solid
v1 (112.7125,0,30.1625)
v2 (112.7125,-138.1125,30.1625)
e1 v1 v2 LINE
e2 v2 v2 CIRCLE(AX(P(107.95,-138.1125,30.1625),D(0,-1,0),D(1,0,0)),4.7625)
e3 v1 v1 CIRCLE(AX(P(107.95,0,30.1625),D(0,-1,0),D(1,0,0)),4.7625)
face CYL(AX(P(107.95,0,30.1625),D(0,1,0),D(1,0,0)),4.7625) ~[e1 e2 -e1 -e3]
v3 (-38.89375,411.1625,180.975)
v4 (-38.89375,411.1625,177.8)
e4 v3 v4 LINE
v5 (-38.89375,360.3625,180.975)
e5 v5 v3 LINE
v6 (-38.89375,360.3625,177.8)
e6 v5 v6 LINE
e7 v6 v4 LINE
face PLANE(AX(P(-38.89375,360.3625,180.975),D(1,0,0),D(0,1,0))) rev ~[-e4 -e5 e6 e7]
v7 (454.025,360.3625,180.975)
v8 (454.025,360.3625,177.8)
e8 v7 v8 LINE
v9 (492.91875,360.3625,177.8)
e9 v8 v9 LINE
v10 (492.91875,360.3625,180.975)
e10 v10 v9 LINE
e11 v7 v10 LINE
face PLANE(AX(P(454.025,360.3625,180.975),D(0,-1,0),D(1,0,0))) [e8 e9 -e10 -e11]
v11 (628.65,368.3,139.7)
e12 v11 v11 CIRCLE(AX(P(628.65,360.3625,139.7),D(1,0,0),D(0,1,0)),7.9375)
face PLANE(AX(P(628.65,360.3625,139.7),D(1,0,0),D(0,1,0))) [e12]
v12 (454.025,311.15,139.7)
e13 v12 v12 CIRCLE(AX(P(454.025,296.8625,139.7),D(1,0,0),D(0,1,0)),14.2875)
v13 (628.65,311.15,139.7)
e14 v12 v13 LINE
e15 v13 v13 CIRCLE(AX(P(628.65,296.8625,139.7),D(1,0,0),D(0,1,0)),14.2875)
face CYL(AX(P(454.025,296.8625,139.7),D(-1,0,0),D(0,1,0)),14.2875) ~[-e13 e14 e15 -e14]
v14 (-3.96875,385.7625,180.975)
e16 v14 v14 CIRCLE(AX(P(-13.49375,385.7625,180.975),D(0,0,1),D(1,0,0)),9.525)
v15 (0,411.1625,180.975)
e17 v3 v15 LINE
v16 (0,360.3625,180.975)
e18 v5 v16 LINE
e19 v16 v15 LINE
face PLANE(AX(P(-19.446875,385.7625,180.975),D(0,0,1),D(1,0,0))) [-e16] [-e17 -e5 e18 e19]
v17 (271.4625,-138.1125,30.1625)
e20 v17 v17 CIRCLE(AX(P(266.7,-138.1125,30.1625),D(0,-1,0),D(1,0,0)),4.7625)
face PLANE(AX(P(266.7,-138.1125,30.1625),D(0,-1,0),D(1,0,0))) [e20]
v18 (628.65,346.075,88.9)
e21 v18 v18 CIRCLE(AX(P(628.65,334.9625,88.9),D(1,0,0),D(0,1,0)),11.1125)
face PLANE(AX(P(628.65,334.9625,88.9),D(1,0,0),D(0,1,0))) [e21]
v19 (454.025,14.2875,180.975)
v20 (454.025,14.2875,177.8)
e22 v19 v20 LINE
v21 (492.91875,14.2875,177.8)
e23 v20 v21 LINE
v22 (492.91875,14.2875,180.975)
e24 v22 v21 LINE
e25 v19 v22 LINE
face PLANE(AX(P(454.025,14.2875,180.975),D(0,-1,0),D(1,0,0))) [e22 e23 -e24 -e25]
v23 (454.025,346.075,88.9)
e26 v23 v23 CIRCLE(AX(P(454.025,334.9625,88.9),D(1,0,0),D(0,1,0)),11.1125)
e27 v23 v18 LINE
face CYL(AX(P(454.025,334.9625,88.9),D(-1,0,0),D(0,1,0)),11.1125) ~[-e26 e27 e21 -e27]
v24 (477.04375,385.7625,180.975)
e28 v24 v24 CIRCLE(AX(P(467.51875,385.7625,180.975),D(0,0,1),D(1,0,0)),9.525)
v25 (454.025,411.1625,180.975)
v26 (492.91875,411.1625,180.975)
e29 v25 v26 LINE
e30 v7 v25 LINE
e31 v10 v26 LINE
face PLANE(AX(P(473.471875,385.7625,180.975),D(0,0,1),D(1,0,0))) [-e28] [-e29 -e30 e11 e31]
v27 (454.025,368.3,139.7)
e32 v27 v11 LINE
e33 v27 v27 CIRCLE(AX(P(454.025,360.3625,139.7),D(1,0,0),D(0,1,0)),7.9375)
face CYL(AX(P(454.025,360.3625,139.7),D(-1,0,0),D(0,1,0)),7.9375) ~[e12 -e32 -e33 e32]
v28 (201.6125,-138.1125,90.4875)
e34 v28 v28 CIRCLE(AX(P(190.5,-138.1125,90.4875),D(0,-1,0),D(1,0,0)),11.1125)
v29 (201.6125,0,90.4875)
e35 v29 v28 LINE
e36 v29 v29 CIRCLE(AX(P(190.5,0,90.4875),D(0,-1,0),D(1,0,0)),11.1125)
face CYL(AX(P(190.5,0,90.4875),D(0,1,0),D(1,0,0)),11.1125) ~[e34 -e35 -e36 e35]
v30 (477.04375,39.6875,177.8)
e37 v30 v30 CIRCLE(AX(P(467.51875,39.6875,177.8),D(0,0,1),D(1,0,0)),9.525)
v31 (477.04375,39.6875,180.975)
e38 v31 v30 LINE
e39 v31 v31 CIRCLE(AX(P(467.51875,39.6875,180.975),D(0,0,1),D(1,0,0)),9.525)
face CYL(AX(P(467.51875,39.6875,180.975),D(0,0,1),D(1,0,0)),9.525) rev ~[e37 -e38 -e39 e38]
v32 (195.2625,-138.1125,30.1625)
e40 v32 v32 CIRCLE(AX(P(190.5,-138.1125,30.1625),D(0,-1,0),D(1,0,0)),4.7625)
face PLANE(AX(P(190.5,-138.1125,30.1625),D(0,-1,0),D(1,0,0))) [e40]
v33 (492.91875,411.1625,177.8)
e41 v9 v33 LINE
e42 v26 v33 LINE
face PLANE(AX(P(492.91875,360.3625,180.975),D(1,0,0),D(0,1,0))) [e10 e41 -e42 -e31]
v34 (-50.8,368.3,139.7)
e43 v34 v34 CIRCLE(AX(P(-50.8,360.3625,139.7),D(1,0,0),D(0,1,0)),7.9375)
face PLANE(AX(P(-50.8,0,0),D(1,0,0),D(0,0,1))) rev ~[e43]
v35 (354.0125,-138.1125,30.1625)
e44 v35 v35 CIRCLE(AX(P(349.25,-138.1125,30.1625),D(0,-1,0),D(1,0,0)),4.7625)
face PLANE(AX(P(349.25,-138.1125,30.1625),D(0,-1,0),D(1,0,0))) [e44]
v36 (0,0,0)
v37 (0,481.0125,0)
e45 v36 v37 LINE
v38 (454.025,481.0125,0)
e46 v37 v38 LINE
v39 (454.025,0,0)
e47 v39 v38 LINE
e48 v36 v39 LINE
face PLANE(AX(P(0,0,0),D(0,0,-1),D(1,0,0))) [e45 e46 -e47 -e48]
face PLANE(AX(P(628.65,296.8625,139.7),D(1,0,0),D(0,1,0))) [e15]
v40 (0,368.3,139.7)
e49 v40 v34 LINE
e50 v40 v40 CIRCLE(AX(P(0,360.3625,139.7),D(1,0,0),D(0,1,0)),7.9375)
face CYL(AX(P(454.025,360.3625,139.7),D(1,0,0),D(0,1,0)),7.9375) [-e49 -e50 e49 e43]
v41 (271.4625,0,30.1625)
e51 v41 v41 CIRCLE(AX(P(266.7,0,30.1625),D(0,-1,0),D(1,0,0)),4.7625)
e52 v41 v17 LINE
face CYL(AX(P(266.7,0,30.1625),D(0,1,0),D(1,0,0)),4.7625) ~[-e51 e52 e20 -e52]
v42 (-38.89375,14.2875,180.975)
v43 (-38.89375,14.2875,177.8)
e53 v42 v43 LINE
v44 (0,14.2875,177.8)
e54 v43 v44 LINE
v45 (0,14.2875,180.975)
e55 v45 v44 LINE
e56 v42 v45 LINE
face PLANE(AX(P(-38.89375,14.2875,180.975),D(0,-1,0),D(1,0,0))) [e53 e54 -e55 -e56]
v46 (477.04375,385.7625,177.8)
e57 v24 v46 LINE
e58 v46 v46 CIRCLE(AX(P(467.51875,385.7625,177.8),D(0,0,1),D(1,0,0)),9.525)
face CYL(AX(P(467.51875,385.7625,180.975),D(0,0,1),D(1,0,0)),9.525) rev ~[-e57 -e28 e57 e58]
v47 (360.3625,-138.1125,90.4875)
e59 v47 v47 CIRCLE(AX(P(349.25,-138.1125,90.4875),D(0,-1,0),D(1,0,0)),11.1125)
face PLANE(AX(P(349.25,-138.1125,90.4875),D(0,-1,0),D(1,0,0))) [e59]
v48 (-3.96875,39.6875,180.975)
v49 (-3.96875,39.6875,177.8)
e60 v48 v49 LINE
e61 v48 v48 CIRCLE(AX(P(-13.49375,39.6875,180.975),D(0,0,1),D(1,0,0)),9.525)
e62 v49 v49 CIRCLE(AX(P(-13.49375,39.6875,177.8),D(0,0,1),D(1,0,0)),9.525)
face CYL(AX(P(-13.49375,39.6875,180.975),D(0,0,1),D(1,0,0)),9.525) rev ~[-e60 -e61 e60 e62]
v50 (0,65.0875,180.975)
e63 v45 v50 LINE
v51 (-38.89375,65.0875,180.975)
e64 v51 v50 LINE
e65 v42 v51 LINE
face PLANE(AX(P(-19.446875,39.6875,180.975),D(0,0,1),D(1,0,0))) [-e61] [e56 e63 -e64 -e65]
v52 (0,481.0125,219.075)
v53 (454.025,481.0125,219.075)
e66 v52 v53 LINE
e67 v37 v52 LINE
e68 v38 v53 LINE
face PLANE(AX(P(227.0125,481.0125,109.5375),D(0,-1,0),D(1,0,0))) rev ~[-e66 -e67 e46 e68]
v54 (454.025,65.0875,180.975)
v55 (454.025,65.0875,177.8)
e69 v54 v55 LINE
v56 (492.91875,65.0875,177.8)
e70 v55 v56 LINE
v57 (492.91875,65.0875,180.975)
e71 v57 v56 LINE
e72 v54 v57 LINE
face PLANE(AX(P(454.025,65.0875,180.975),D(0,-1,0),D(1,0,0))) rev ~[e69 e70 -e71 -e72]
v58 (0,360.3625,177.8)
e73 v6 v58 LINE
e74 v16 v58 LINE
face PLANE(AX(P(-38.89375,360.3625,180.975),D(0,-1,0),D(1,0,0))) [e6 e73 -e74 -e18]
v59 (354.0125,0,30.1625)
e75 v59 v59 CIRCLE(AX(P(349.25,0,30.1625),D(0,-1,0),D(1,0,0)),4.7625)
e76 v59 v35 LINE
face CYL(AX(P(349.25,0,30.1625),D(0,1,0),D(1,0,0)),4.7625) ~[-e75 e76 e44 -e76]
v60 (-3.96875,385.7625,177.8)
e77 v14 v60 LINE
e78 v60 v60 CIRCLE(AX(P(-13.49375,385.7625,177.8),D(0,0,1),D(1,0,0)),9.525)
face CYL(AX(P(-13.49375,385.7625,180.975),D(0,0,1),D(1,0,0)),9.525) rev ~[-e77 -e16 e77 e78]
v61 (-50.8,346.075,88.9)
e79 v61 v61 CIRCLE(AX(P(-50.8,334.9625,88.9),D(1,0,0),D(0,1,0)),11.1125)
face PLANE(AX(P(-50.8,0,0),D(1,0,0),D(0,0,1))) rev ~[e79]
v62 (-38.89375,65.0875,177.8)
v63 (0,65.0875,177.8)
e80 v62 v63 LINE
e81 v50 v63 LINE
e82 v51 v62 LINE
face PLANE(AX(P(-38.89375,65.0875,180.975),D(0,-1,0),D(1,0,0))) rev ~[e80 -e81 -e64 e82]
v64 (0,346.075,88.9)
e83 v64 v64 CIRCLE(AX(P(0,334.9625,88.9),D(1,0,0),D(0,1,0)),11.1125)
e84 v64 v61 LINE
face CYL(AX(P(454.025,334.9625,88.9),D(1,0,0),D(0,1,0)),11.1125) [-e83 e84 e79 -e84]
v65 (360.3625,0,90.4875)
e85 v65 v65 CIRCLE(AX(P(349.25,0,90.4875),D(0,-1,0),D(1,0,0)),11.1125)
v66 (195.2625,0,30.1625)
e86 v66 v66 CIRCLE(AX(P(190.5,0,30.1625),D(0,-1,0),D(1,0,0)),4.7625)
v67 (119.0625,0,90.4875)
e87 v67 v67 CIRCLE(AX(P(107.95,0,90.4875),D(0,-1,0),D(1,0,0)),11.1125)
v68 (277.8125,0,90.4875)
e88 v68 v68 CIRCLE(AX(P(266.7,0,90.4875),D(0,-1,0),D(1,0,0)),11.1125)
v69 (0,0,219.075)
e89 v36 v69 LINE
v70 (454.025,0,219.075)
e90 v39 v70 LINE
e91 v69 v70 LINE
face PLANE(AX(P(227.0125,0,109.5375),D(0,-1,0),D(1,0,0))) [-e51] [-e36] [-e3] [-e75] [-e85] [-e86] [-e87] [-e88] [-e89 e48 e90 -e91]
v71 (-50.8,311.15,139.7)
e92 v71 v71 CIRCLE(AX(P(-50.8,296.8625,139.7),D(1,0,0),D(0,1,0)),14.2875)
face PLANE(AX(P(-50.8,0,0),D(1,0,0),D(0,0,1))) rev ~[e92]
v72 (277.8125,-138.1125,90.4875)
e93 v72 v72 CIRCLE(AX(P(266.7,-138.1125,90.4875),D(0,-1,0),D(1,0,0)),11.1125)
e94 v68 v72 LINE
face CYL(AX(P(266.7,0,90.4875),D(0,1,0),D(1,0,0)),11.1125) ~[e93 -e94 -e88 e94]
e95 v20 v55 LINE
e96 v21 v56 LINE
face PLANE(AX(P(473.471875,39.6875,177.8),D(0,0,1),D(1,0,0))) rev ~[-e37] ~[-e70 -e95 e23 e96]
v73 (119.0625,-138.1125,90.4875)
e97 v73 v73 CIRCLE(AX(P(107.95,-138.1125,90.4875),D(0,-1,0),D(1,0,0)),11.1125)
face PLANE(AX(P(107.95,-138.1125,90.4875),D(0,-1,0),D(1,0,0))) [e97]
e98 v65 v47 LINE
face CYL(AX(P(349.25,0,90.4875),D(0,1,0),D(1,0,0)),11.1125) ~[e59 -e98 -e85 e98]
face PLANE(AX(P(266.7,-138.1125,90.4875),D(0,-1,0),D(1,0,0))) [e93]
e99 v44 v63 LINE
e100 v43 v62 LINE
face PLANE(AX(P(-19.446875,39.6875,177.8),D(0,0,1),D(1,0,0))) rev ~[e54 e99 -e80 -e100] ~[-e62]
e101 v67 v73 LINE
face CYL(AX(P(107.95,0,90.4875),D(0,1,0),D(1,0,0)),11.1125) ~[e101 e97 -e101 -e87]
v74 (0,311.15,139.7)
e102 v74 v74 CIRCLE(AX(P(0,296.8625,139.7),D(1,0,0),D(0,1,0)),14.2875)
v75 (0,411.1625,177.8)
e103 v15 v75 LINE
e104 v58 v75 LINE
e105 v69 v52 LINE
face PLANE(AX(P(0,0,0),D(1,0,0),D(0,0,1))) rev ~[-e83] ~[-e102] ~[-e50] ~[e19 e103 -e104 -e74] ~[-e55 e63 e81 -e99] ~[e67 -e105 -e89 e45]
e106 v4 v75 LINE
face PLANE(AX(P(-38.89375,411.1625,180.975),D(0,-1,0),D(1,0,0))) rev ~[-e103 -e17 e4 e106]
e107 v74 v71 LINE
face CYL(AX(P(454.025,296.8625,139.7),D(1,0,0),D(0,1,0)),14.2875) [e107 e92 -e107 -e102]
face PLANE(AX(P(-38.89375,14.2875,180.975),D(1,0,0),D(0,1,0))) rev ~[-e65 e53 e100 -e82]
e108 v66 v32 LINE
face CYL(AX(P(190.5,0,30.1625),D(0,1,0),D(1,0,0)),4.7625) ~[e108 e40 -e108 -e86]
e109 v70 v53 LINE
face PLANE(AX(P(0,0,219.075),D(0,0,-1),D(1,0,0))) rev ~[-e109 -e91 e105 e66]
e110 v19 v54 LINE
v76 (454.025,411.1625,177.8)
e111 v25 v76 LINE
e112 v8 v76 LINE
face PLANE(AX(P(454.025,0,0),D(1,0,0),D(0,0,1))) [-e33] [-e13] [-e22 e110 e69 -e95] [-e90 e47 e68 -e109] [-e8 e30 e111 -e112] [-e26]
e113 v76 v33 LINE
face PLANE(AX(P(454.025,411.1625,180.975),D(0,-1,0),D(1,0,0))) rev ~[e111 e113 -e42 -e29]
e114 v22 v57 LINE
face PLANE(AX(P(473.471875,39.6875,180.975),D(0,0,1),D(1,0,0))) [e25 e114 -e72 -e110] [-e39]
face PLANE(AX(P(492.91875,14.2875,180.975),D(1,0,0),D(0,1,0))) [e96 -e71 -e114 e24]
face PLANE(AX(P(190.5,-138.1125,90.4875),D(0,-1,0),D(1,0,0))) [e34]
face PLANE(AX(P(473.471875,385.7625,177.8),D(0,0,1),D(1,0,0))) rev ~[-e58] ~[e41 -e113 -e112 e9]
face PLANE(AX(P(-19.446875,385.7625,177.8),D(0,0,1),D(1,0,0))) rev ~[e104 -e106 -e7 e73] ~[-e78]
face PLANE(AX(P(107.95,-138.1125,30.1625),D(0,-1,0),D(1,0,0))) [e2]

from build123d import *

# Parameters (mm, degrees)
F0_W          = 454.025
F0_H          = 219.075
F1_DEPTH      = 481.0125
F2_R          = 11.1125
F2_R_2        = 4.7625
F3_DEPTH      = 138.1125
F4_R          = 14.2875
F4_R_2        = 7.9375
F4_R_3        = 11.1125
F5_DEPTH      = 174.625
F5_DEPTH_BACK = 628.65
F7_W          = 38.89375
F7_H          = 50.8
F7_R          = 9.525
F8_DEPTH      = 3.175
F9_W          = 152.4
F9_H          = 219.075
F10_DEPTH     = 481.0135


with BuildPart() as f1:
    # F0 (on Front) → F1 (new body)
    with BuildSketch(Plane.XZ):
        with Locations((227.0125, 109.5375)):
            Rectangle(F0_W, F0_H)
    extrude(amount=-F1_DEPTH)

    # F2 (on Front) → F3 (join)
    with BuildSketch(Plane.XZ):
        with Locations((107.95, 90.4875)):
            Circle(F2_R)
        with Locations((107.95, 30.1625)):
            Circle(F2_R_2)
        with Locations((349.25, 90.4875)):
            Circle(F2_R)
        with Locations((349.25, 30.1625)):
            Circle(F2_R_2)
        with Locations((190.5, 90.4875)):
            Circle(F2_R)
        with Locations((266.7, 90.4875)):
            Circle(F2_R)
        with Locations((190.5, 30.1625)):
            Circle(F2_R_2)
        with Locations((266.7, 30.1625)):
            Circle(F2_R_2)
    extrude(amount=F3_DEPTH)

    # F4 (on face) → F5 (join, two sides)
    with BuildSketch(Plane.YZ.offset(454.025)) as f5_sk:
        with Locations((296.8625, 139.7)):
            Circle(F4_R)
        with Locations((360.3625, 139.7)):
            Circle(F4_R_2)
        with Locations((334.9625, 88.9)):
            Circle(F4_R_3)
    extrude(amount=F5_DEPTH)
    extrude(f5_sk.sketch, amount=-F5_DEPTH_BACK)

    # F7 (on offset) → F8 (join)
    with BuildSketch(Plane.XY.offset(180.975)):
        with Locations((-19.446875, 385.7625)):
            Rectangle(F7_W, F7_H)
        with Locations((-13.49375, 385.7625)):
            Circle(F7_R, mode=Mode.SUBTRACT)
        with Locations((-19.446875, 39.6875)):
            Rectangle(F7_W, F7_H)
        with Locations((-13.49375, 39.6875)):
            Circle(F7_R, mode=Mode.SUBTRACT)
        with Locations((473.471875, 385.7625)):
            Rectangle(F7_W, F7_H)
        with Locations((467.51875, 385.7625)):
            Circle(F7_R, mode=Mode.SUBTRACT)
        with Locations((473.471875, 39.6875)):
            Rectangle(F7_W, F7_H)
        with Locations((467.51875, 39.6875)):
            Circle(F7_R, mode=Mode.SUBTRACT)
    extrude(amount=-F8_DEPTH)

    # F9 (on face) → F10 (cut, through all)
    with BuildSketch(Plane.XZ):
        with Locations((-127, 109.5375)):
            Rectangle(F9_W, F9_H)
    extrude(amount=-F10_DEPTH, mode=Mode.SUBTRACT)


solid = f1.part
